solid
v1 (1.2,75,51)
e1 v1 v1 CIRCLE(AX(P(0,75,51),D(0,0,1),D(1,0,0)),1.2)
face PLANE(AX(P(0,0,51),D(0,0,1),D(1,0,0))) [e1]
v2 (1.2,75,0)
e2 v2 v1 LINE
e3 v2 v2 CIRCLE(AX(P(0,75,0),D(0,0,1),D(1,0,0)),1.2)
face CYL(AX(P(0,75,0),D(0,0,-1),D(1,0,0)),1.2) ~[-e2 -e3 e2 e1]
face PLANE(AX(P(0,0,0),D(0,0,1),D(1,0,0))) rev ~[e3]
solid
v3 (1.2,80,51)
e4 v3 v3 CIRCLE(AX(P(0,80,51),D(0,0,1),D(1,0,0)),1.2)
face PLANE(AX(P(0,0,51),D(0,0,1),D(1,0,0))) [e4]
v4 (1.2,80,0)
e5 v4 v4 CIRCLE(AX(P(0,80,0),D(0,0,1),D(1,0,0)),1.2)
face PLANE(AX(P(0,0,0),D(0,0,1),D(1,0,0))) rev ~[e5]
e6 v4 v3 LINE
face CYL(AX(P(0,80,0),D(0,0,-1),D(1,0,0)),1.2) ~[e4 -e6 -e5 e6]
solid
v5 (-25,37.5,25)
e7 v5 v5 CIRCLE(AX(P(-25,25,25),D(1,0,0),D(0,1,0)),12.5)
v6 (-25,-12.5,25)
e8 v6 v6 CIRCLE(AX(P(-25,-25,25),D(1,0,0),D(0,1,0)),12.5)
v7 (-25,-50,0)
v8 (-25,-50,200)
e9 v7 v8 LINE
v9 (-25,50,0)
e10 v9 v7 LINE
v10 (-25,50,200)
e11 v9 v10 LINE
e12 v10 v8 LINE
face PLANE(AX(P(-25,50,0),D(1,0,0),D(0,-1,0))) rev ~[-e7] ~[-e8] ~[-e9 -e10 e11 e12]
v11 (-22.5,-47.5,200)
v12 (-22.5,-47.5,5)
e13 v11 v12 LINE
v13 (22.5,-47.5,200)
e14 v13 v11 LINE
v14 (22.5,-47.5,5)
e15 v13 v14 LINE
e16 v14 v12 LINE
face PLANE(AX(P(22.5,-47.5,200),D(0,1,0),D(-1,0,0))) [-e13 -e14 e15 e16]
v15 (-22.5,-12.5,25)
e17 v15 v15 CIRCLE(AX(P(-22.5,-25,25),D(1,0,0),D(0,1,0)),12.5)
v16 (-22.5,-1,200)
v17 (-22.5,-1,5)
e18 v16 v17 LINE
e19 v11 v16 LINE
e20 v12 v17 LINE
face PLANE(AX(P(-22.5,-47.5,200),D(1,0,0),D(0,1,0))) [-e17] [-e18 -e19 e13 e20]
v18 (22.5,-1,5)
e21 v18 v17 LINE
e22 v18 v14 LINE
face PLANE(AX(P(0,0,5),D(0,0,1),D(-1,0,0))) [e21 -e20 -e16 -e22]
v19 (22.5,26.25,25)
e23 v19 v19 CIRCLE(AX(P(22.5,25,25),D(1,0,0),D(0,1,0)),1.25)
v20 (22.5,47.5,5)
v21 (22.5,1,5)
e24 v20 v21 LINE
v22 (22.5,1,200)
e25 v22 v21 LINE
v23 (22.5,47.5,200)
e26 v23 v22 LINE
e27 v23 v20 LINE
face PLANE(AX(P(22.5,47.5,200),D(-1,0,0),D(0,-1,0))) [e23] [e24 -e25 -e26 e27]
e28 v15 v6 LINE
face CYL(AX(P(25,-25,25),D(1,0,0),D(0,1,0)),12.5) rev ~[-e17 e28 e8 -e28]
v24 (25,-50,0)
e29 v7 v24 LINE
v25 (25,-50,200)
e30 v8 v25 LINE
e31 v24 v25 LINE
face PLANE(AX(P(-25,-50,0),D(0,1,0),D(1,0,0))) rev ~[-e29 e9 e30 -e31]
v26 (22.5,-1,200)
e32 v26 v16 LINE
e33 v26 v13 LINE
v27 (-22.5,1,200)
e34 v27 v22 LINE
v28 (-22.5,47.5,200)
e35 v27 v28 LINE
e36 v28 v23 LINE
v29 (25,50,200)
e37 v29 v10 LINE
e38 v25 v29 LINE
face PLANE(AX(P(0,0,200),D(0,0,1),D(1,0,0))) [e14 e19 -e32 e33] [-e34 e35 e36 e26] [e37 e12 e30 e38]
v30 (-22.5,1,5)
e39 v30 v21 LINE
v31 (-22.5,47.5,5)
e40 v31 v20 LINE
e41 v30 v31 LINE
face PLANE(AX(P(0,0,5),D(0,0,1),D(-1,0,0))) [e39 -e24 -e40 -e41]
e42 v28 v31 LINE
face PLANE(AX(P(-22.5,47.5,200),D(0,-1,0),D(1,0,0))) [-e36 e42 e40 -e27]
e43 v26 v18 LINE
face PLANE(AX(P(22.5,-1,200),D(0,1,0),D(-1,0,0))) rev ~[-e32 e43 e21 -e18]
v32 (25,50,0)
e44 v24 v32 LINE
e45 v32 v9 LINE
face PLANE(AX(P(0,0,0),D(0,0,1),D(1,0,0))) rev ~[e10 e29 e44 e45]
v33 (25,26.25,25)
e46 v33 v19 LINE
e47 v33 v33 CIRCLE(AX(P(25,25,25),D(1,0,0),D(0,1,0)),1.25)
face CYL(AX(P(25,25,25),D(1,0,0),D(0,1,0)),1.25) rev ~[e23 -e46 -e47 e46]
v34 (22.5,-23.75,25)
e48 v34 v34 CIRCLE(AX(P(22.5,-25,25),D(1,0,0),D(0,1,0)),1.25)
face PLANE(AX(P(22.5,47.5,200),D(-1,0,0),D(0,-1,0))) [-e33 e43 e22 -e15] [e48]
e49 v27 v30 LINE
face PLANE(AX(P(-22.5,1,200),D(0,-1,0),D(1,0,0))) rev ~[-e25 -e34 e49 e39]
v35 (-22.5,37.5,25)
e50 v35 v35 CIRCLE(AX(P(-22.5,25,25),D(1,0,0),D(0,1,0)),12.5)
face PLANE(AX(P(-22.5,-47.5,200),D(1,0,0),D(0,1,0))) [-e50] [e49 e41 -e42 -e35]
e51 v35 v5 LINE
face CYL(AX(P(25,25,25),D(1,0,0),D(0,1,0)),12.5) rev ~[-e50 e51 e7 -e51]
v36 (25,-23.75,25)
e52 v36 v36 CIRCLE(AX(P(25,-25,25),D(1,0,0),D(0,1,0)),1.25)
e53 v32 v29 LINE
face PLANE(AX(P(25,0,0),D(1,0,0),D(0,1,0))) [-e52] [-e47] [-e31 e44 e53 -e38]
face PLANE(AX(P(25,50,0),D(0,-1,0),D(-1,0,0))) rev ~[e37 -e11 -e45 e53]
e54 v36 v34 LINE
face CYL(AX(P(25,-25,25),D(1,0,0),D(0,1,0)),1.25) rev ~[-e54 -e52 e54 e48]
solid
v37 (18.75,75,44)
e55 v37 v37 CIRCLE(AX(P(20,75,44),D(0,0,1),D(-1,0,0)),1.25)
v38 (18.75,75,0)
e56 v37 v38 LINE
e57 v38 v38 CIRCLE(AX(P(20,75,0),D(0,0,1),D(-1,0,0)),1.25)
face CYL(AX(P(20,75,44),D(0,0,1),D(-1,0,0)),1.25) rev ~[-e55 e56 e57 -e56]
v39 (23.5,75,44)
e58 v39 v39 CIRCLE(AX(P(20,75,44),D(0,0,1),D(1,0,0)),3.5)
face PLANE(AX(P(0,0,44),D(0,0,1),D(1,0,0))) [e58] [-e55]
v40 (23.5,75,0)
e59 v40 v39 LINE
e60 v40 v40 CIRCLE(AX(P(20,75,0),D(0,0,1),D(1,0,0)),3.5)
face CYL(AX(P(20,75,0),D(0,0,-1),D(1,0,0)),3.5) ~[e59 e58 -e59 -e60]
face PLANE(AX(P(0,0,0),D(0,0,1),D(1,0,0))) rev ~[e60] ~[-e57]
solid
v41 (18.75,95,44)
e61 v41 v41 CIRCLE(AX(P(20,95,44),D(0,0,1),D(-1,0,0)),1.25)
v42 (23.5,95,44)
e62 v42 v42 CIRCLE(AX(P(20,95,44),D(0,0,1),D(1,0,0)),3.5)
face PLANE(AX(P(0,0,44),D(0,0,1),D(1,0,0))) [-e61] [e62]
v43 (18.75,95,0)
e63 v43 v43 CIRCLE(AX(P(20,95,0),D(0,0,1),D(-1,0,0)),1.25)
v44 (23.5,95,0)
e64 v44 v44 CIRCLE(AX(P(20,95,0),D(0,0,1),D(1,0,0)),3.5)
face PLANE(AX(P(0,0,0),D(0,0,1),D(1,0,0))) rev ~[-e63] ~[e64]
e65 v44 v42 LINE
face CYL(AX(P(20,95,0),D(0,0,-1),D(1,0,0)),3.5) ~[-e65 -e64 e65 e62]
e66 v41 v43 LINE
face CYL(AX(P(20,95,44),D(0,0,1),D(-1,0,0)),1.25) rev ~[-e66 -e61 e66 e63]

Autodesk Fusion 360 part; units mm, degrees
sketch "Sketch1" plane through (0, 0, 0) normal (0, 0, 1) x (1, 0, 0)
  line L0 (25, 50) -> (-25, 50)
  line L1 (-25, 50) -> (-25, -50)
  line L2 (-25, -50) -> (25, -50)
  line L3 (25, -50) -> (25, 50)
  line L4 (25, 50) -> (-25, -50) construction
  line L5 (-25, 50) -> (25, -50) construction
  dimension "d1" = 100
extrude "Extrude1" add sketch "Sketch1" along normal blind 200 makes body 1
sketch "Sketch2" plane through (25, 0, 0) normal (1, 0, 0) x (0, 1, 0)
  line L0 (-50, 0) -> (50, 0)
  line L1 (50, 0) -> (50, 200)
  line L2 (50, 200) -> (-50, 200)
  line L3 (-50, 200) -> (-50, 0)
  circle A0 centre (-25, 25) radius 12.5
  circle A1 centre (25, 25) radius 12.5
  dimension "d4" = 25
  dimension "d5" = 25
extrude "Extrude2" cut sketch "Sketch2" against normal blind 280 contours A1 bodies 1
extrude "Extrude3" cut sketch "Sketch2" against normal blind 155 contours A0 bodies 1
sketch "Sketch3" plane through (0, 0, 200) normal (0, 0, 1) x (-1, 0, 0)
  line L0 (-25, 50) -> (-25, -50)
  line L1 (-25, -50) -> (25, -50)
  line L2 (25, -50) -> (25, 50)
  line L3 (25, 50) -> (-25, 50)
  line L4 (22.5, -47.5) -> (-22.5, -47.5)
  line L5 (-22.5, -47.5) -> (-22.5, 47.5)
  line L6 (-22.5, 47.5) -> (22.5, 47.5)
  line L7 (22.5, 47.5) -> (22.5, -47.5)
extrude "Extrude4" cut sketch "Sketch3" against normal blind 195 contours L4 L5 L6 L7 bodies 1
sketch "Sketch4" plane through (0, 0, 200) normal (0, 0, 1) x (-1, 0, 0)
  line L0 (-22.5, -47.5) -> (-22.5, 47.5)
  line L1 (-22.5, 47.5) -> (22.5, 47.5)
  line L2 (22.5, 47.5) -> (22.5, -47.5)
  line L3 (22.5, -47.5) -> (-22.5, -47.5)
  line L4 (-25, 50) -> (-25, -50)
  line L5 (-25, -50) -> (25, -50)
  line L6 (25, -50) -> (25, 50)
  line L7 (25, 50) -> (-25, 50)
  line L8 (22.5, -1) -> (-22.5, -1)
  line L9 (-22.5, -1) -> (-22.5, 1)
  line L10 (-22.5, 1) -> (22.5, 1)
  line L11 (22.5, 1) -> (22.5, -1)
extrude "Extrude5" add sketch "Sketch4" against normal blind 195 contours L0 L2 L8 L9 L10 L11 bodies 1
sketch "Sketch5" plane through (0, 0, 200) normal (0, 0, 1) x (-1, 0, 0)
  line L0 (-22.5, 1) -> (-22.5, 47.5)
  line L1 (-22.5, 47.5) -> (22.5, 47.5)
  line L2 (22.5, 47.5) -> (22.5, 1)
  line L3 (22.5, 1) -> (-22.5, 1)
  line L4 (-22.5, -1) -> (22.5, -1)
  line L5 (22.5, -1) -> (22.5, -47.5)
  line L6 (22.5, -47.5) -> (-22.5, -47.5)
  line L7 (-22.5, -47.5) -> (-22.5, -1)
  line L8 (-25, 50) -> (-25, -50)
  line L9 (-25, -50) -> (25, -50)
  line L10 (25, -50) -> (25, 50)
  line L11 (25, 50) -> (-25, 50)
extrude "Extrude6" add sketch "Sketch2" against normal blind 2.5 contours A0 bodies 1
extrude "Extrude7" add sketch "Sketch2" against normal blind 2.5 contours A1 bodies 1
sketch "Sketch6" plane through (25, 0, 0) normal (1, 0, 0) x (0, 1, 0)
  circle A0 centre (-25, 25) radius 1.25
  circle A1 centre (25, 25) radius 1.25
  dimension "d18" = 2.5
  dimension "d19" = 2.5
extrude "Extrude8" cut sketch "Sketch6" against normal blind 5 contours A0 bodies 1
extrude "Extrude9" cut sketch "Sketch6" against normal blind 4 contours A1 bodies 1
sketch "Sketch7" plane through (0, 0, 0) normal (0, 0, 1) x (1, 0, 0)
  circle A0 centre (0, 75) radius 1.2
  dimension "d24" = 2.4
extrude "Extrude10" add sketch "Sketch7" along normal blind 51 separate body makes body 2
sketch "Sketch8" plane through (0, 0, 0) normal (0, 0, 1) x (1, 0, 0)
  circle A0 centre (0, 80) radius 1.2
  dimension "d27" = 2.4
extrude "Extrude11" add sketch "Sketch8" along normal blind 51 separate body makes body 3
sketch "Sketch9" plane through (0, 0, 0) normal (0, 0, 1) x (1, 0, 0)
  circle A0 centre (20, 75) radius 3.5
  circle A1 centre (20, 95) radius 3.5
  dimension "d30" = 7
  dimension "d31" = 7
extrude "Extrude12" add sketch "Sketch9" along normal blind 44 separate body contours A1 makes body 4
extrude "Extrude13" add sketch "Sketch9" along normal blind 44 separate body contours A0 makes body 5
sketch "Sketch10" plane through (0, 0, 44) normal (0, 0, 1) x (-1, 0, 0)
  circle A0 centre (-20, -75) radius 3.5
  circle A1 centre (-20, -75) radius 1.25
  circle A2 centre (-20, -95) radius 1.25
  dimension "d36" = 2.5
  dimension "d37" = 2.5
extrude "Extrude14" cut sketch "Sketch10" against normal blind 102222222 contours A1 bodies 5
extrude "Extrude15" cut sketch "Sketch10" against normal blind 100 contours A2 bodies 4
